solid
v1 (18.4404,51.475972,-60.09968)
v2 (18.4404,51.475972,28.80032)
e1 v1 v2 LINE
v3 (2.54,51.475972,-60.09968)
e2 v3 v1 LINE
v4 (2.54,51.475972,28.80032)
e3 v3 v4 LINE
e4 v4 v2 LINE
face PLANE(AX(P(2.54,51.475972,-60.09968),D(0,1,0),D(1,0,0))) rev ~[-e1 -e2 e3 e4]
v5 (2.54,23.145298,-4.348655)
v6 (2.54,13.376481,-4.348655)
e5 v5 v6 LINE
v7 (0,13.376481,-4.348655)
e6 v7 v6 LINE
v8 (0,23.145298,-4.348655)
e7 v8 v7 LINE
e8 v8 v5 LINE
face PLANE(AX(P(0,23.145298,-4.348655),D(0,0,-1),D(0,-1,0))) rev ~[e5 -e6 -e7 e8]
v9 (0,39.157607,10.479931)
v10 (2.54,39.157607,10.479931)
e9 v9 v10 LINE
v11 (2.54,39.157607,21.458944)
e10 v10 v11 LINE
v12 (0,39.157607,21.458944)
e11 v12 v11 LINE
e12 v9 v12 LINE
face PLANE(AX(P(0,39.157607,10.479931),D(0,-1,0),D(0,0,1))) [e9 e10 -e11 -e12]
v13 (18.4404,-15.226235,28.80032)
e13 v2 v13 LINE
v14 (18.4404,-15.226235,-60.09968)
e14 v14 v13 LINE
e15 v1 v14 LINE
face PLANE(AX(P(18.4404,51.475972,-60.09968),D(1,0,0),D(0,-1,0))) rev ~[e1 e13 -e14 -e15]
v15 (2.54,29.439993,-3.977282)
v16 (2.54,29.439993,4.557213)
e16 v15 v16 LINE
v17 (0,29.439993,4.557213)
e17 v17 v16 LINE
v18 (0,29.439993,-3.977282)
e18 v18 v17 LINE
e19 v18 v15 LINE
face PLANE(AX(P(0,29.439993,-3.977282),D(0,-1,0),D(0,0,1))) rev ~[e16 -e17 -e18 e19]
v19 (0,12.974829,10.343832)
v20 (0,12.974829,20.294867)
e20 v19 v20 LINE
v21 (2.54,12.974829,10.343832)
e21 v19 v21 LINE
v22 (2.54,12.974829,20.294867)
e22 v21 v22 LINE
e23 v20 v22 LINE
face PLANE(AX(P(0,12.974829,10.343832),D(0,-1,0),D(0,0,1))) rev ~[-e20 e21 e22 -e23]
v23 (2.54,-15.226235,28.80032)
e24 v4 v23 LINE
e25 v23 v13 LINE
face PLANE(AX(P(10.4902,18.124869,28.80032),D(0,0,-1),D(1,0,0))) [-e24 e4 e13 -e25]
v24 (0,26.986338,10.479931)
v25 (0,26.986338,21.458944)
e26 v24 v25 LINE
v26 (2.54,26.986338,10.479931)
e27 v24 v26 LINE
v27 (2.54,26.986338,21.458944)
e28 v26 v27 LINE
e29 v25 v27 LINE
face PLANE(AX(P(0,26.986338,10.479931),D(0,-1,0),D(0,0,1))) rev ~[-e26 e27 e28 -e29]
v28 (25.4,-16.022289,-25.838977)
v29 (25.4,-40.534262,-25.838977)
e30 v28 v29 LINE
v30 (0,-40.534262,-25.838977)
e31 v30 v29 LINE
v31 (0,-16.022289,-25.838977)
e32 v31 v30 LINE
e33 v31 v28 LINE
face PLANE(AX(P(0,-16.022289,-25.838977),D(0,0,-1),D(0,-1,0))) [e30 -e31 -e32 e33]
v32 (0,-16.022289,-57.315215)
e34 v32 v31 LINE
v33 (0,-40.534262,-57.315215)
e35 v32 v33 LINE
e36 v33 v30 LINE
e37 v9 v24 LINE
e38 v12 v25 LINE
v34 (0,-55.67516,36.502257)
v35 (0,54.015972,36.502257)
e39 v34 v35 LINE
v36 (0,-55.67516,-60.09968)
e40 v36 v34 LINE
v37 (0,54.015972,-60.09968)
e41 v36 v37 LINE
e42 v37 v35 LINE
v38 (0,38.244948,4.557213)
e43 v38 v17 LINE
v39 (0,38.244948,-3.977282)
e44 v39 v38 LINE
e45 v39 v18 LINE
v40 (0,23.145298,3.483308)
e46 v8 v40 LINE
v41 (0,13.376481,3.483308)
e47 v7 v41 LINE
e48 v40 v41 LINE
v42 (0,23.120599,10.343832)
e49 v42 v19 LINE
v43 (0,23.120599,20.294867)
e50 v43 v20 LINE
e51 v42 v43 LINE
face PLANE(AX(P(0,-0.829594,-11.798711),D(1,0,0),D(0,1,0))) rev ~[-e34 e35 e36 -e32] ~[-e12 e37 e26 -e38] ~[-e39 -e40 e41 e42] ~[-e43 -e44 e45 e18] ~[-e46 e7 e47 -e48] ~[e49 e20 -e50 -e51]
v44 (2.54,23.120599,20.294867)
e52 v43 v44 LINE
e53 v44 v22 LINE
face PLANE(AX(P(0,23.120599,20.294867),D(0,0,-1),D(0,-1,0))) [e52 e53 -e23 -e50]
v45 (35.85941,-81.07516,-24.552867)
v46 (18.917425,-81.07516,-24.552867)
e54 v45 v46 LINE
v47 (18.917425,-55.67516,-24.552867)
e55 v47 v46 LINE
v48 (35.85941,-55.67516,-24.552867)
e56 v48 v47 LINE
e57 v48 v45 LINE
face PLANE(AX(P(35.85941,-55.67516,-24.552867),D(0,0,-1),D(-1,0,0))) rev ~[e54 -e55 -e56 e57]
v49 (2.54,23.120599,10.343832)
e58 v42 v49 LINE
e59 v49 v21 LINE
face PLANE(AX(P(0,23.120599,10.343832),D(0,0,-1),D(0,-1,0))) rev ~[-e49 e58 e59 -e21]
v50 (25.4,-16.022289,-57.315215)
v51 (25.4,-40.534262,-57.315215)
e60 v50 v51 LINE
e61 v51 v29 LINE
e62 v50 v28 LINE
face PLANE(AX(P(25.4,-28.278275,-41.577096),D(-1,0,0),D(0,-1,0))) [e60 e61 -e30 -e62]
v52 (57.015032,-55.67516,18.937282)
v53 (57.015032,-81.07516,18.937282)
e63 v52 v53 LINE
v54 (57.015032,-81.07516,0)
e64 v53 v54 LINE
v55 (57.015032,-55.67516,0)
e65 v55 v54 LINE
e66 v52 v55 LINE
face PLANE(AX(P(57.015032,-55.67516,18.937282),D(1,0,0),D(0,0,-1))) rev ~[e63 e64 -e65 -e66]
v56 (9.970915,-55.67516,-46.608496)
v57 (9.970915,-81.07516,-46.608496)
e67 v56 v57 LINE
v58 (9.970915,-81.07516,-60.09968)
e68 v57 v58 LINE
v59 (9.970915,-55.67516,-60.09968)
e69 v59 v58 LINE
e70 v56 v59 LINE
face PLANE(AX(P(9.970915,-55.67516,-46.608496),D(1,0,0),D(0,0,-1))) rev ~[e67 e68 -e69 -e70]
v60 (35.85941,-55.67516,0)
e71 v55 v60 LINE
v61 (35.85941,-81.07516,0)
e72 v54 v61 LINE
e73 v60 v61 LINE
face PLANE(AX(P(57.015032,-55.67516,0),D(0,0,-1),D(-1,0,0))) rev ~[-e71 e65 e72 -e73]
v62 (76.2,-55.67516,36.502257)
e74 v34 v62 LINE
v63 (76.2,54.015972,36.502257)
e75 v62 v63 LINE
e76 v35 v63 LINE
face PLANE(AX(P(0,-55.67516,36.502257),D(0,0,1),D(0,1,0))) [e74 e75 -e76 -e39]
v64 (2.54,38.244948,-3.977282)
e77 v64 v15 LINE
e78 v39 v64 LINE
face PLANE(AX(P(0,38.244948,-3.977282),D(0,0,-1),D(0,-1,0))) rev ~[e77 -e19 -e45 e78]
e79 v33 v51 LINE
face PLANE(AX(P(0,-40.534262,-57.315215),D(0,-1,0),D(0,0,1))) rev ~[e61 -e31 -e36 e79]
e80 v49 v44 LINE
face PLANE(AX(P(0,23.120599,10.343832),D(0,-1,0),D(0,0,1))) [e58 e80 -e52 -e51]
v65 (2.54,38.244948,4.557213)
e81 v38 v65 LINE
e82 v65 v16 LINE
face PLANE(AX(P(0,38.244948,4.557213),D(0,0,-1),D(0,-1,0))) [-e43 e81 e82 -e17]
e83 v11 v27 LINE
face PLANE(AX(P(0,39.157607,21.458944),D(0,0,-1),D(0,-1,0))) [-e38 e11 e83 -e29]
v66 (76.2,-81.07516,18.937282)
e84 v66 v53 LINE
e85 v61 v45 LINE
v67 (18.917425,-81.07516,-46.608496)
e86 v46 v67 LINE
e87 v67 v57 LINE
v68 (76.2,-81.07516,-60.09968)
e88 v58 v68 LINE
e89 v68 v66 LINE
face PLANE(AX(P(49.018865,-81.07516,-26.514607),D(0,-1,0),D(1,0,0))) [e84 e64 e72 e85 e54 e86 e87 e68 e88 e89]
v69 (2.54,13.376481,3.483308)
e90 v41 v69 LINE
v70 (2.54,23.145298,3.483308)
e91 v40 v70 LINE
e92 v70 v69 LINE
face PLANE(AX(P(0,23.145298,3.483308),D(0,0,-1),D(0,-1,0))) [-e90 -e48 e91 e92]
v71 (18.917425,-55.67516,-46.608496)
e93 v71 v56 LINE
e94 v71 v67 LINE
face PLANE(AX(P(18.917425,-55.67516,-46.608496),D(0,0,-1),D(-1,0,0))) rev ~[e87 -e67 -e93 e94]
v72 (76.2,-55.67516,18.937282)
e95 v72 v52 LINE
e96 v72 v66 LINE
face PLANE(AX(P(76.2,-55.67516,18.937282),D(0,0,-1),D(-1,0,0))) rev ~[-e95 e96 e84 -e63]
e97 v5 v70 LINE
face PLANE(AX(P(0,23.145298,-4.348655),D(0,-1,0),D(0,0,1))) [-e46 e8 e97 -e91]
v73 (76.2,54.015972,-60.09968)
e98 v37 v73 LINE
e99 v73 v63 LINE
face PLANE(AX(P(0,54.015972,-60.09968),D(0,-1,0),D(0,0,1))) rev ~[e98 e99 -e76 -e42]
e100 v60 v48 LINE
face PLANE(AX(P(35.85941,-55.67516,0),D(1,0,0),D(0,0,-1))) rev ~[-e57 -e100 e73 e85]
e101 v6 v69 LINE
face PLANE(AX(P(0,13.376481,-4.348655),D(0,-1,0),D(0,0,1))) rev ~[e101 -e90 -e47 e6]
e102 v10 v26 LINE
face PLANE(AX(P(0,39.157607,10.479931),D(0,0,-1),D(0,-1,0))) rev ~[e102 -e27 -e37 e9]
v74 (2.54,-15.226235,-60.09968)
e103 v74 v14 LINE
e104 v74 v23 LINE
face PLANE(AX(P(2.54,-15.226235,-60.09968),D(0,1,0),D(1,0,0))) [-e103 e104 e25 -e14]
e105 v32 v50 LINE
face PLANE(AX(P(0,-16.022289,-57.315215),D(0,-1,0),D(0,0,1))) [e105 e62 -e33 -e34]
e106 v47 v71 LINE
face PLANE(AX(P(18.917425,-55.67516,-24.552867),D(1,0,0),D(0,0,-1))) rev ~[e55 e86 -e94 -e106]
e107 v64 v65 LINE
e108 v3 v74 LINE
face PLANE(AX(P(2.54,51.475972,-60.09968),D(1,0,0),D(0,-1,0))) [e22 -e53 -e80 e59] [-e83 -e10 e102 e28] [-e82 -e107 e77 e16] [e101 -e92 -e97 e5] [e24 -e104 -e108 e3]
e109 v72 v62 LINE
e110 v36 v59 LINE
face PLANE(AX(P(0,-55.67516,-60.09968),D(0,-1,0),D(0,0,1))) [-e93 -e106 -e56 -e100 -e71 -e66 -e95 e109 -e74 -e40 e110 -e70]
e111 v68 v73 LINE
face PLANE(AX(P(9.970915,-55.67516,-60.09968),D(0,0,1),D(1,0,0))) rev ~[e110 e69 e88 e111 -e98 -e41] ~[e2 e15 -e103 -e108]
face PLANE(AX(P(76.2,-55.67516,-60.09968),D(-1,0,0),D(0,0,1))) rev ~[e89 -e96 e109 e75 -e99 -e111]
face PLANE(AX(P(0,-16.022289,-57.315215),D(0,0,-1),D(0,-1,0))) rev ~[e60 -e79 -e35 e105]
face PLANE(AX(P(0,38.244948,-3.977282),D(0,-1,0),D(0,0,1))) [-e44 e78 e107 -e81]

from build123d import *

# Parameters (mm, degrees)
F0_W      = 109.69113186
F0_H      = 96.6019369662
F1_DEPTH  = 76.2
F3_DEPTH  = 25.4
F4_W      = 12.1712684631
F4_H      = 10.9790135175
F4_W_2    = 8.8049545884
F4_H_2    = 8.5344947875
F4_W_3    = 9.7688166425
F4_H_3    = 7.8319623135
F4_W_4    = 10.1457694545
F4_H_4    = 9.9510354921
F5_DEPTH  = 12.7
F7_W      = 24.5119724423
F7_H      = 31.4762387425
F8_DEPTH  = 25.4
F9_W      = 15.9004002785
F9_H      = 66.7022062786
F10_DEPTH = 88.9


with BuildPart() as f1:
    # F0 (on Right) → F1 (new body)
    with BuildSketch(Plane.YZ):
        with Locations((-0.8295942098, -11.7987114936)):
            Rectangle(F0_W, F0_H)
    extrude(amount=F1_DEPTH)

    # F2 (on face) → F3 (join)
    with BuildSketch(Plane.XZ.offset(55.6751601398)):
        Polygon((76.2, -60.0996799767), (76.2, 18.9372822642), (57.0150315762, 18.9372822642), (57.0150315762, 0), (35.8594097197, 0), (35.8594097197, -24.5528668165), (18.9174246043, -24.5528668165), (18.9174246043, -46.6084964573), (9.9709145725, -46.6084964573), (9.9709145725, -60.0996799767), align=None)
    extrude(amount=F3_DEPTH)

    # F4 (on face) → F5 (cut)
    with BuildSketch(Plane(origin=(0, 0, 0), x_dir=(0, -1, 0), z_dir=(-1, 0, 0))):
        with Locations((-33.0719724298, 15.969437547)):
            Rectangle(F4_W, F4_H)
        with Locations((-33.8424704969, 0.289965421)):
            Rectangle(F4_W_2, F4_H_2)
        with Locations((-18.260889221, -0.4326736089)):
            Rectangle(F4_W_3, F4_H_3)
        with Locations((-18.0477141403, 15.3193497099)):
            Rectangle(F4_W_4, F4_H_4)
    extrude(amount=-F5_DEPTH, mode=Mode.SUBTRACT)

    # F7 (on face) → F8 (cut)
    with BuildSketch(Plane(origin=(0, 0, 0), x_dir=(0, -1, 0), z_dir=(-1, 0, 0))):
        with Locations((28.2782753929, -41.5770960972)):
            Rectangle(F7_W, F7_H)
    extrude(amount=-F8_DEPTH, mode=Mode.SUBTRACT)

    # F9 (on face) → F10 (cut)
    with BuildSketch(Plane(origin=(0, 0, -60.0996799767), x_dir=(1, 0, 0), z_dir=(0, 0, -1))):
        with Locations((10.4902001393, -18.1248685809)):
            Rectangle(F9_W, F9_H)
    extrude(amount=-F10_DEPTH, mode=Mode.SUBTRACT)


solid = f1.part
